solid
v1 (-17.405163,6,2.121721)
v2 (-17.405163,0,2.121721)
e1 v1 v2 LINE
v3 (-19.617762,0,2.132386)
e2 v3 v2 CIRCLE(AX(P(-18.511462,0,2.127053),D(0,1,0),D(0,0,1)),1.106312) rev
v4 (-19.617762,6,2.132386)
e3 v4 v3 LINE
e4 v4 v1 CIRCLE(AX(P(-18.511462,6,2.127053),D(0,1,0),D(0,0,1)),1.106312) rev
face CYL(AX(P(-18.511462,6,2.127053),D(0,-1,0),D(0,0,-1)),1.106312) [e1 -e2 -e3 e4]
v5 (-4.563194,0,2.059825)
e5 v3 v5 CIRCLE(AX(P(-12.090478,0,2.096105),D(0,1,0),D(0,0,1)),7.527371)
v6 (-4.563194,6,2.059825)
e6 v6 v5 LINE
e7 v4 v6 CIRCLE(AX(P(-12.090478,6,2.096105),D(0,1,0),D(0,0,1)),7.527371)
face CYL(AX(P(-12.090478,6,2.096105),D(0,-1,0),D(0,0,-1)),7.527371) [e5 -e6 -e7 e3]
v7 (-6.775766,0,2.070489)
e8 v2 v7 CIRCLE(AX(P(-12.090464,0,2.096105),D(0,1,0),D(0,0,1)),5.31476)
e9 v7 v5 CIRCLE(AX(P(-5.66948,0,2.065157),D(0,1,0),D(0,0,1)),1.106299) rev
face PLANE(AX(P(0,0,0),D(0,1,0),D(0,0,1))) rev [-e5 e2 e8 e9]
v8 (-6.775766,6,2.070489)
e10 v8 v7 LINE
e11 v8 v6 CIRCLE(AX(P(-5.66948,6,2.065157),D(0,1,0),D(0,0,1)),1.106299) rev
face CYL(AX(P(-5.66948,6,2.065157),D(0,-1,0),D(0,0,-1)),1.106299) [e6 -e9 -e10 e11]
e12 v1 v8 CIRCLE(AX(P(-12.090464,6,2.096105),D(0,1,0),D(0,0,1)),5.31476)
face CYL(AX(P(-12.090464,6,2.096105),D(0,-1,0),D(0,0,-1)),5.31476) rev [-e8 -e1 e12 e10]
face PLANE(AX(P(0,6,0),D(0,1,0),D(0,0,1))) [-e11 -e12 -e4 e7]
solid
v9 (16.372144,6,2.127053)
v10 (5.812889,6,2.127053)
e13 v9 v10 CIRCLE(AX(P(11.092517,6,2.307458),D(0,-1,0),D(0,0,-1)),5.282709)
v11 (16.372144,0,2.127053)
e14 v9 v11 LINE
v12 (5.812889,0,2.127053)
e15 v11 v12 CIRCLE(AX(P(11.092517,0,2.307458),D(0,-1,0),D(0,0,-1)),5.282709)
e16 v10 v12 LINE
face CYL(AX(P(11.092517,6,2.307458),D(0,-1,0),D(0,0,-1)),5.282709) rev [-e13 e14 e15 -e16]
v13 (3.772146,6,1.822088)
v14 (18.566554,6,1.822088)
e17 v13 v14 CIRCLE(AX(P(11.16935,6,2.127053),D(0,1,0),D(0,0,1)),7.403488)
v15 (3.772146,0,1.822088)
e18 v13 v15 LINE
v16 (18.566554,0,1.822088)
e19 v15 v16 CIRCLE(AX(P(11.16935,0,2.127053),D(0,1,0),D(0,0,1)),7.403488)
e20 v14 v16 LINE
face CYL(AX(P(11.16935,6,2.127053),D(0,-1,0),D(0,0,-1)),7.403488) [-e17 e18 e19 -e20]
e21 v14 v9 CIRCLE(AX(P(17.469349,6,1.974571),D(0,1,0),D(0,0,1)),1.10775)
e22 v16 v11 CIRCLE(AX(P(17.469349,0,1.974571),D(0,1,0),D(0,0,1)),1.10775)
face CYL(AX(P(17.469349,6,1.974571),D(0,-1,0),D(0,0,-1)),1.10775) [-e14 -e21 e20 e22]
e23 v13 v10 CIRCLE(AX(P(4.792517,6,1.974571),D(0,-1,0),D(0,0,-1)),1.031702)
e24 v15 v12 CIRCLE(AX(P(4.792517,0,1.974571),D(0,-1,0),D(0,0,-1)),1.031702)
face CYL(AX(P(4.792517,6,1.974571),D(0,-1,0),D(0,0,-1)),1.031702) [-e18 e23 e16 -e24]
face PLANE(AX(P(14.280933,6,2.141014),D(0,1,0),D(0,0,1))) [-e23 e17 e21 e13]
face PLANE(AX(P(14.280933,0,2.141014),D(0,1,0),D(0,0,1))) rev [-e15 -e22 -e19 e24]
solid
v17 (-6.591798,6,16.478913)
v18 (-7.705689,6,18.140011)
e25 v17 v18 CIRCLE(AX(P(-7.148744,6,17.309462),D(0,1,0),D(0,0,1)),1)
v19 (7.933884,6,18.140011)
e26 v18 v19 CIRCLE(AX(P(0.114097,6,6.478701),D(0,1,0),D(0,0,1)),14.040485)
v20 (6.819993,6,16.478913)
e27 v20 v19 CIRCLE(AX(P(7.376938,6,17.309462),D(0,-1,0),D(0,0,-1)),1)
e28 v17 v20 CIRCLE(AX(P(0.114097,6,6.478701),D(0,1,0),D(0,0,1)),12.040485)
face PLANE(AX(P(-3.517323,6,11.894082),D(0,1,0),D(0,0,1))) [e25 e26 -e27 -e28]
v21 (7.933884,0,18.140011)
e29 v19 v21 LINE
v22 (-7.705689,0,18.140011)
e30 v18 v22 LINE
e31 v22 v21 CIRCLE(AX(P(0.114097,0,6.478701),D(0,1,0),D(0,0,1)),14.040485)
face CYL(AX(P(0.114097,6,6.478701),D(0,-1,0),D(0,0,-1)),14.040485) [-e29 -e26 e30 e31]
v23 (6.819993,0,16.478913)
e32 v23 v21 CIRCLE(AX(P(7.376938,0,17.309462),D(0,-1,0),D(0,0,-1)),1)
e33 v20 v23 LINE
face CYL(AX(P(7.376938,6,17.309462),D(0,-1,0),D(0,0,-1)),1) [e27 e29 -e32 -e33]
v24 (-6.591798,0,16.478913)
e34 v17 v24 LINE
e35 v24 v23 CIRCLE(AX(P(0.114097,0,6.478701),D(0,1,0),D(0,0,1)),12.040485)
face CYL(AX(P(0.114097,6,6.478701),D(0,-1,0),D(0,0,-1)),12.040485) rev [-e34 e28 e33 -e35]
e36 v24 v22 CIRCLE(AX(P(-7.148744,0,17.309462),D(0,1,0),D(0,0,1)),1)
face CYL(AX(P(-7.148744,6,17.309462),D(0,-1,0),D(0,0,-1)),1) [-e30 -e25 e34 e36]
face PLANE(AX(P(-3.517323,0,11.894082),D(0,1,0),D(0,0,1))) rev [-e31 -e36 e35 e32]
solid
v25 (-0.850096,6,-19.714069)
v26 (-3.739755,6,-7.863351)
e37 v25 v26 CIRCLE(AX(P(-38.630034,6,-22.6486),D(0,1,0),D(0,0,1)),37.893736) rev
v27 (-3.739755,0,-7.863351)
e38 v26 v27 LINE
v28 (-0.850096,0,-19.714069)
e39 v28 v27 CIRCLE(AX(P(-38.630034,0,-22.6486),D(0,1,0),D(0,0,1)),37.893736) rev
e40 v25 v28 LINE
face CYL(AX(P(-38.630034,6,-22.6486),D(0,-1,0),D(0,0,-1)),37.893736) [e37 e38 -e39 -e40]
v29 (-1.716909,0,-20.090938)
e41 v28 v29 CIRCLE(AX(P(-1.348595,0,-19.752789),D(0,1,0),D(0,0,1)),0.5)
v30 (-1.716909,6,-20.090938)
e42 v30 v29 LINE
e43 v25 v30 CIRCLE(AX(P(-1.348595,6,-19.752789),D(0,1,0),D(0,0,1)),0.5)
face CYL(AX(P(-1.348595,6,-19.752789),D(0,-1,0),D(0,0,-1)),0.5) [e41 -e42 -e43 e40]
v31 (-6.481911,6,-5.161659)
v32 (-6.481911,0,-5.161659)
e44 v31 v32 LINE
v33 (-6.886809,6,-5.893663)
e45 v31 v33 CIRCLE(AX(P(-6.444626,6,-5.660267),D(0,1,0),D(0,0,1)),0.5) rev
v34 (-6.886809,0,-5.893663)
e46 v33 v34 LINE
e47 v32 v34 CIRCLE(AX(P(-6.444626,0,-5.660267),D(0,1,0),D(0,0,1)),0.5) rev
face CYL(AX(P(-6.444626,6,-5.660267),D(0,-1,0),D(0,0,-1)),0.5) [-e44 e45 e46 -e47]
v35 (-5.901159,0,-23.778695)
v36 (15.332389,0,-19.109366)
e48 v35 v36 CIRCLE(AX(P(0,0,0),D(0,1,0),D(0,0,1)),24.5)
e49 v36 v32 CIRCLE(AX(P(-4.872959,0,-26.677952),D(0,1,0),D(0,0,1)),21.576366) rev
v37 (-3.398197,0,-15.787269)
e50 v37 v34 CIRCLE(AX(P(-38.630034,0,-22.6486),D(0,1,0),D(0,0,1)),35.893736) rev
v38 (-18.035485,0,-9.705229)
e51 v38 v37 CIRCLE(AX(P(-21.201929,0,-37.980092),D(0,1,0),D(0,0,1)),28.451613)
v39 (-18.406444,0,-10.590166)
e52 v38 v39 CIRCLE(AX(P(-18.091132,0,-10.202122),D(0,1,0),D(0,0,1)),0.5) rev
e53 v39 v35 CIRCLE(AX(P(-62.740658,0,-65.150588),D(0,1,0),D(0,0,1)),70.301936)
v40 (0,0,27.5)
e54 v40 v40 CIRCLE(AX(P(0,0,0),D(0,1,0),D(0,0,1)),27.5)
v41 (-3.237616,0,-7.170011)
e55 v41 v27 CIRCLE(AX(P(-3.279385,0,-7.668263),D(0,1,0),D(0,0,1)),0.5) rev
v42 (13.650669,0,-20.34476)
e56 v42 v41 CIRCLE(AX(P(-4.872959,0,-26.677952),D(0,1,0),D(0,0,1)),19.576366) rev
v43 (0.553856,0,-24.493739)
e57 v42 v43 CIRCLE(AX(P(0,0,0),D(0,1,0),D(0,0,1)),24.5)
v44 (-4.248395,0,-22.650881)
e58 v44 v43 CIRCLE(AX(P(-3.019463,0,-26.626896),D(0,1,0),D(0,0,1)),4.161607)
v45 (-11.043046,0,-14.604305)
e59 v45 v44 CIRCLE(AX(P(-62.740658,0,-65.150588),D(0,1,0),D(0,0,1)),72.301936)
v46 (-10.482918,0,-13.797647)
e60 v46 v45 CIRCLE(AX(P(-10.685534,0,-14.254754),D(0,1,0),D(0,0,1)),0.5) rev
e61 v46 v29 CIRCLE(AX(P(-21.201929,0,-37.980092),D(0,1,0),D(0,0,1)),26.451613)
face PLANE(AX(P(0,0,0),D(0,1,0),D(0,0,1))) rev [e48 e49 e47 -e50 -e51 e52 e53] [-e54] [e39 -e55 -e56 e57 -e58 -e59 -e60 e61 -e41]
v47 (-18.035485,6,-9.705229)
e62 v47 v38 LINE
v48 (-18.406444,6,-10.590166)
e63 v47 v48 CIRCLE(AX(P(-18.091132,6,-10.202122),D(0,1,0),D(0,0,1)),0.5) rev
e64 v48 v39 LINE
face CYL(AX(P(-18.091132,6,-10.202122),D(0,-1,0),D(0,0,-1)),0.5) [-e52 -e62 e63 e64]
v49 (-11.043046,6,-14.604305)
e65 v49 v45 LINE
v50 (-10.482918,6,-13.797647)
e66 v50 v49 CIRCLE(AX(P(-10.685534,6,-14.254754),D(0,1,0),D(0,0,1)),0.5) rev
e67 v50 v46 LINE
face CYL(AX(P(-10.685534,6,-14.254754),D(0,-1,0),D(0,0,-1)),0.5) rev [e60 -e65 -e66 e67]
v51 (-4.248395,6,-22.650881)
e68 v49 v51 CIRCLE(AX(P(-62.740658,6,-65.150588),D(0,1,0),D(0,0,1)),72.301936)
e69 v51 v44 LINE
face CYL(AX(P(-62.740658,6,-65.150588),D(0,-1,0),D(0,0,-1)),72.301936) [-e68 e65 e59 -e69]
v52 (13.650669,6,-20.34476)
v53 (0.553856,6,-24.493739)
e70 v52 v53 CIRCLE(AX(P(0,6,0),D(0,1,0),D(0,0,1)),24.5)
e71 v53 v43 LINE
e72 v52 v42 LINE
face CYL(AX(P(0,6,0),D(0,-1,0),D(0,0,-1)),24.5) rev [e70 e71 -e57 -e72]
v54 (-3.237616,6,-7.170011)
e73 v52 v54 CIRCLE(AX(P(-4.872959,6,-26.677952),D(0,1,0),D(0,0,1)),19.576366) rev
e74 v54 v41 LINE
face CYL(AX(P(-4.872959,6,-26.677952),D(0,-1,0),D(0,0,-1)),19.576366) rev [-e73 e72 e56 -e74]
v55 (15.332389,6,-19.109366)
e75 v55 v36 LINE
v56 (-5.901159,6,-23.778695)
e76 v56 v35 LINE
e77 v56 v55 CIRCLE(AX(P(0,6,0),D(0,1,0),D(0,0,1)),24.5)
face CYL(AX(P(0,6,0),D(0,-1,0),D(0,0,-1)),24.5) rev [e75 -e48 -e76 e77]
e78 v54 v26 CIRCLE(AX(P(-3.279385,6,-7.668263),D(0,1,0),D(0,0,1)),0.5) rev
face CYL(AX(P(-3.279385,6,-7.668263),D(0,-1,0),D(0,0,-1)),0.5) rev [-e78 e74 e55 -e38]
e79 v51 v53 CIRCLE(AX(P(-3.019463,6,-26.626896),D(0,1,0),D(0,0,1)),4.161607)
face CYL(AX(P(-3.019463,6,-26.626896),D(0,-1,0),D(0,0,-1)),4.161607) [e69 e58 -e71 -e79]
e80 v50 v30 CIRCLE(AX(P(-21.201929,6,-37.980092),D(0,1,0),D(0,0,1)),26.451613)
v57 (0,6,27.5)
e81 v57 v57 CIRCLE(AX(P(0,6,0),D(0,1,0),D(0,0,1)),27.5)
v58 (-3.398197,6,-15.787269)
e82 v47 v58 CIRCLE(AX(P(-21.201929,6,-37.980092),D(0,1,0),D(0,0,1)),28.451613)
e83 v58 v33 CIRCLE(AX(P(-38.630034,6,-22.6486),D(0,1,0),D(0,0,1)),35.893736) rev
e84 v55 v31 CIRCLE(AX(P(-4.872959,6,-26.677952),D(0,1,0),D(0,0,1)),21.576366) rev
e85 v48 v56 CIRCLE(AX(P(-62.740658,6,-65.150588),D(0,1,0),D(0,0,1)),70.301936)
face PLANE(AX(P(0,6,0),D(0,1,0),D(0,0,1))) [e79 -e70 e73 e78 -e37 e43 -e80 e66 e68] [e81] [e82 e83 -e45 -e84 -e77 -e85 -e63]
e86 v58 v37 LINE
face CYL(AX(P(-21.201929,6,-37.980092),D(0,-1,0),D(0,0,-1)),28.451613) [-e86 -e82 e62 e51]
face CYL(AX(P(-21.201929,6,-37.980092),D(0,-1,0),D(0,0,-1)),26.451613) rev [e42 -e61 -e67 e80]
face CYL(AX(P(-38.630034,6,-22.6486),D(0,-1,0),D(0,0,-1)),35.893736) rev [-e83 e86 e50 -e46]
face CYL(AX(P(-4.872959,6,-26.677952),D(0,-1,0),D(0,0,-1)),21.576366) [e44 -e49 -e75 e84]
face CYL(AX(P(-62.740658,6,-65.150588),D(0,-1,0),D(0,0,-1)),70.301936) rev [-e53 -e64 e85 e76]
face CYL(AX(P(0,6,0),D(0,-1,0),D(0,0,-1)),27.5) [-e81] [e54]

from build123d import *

# Parameters (mm, degrees)
CROQUIS1_R                = 27.5
SALIENTE_EXTRUIR3_DEPTH   = 6
SALIENTE_EXTRUIR3_2_DEPTH = 6
SALIENTE_EXTRUIR3_3_DEPTH = 6
SALIENTE_EXTRUIR3_4_DEPTH = 6


with BuildPart() as part:
    # Croquis1 → Saliente-Extruir3 (new body)
    with BuildSketch(Plane(origin=(0, 0, 0), x_dir=(1, 0, 0), z_dir=(0, 1, 0))):
        Circle(CROQUIS1_R)
        with BuildLine():
            ThreePointArc((-6.481910722, 5.161659186), (6.749911309, 8.499710515), (15.332388636, 19.109365733))
            ThreePointArc((15.332388636, 19.109365733), (-5.261908362, -23.928274497), (-5.901159339, 23.778694633))
            ThreePointArc((-5.901159339, 23.778694633), (-11.725813734, 16.778614453), (-18.406444405, 10.590165925))
            ThreePointArc((-18.406444405, 10.590165925), (-18.552255418, 10.008822773), (-18.035485402, 9.705228534))
            ThreePointArc((-18.035485402, 9.705228534), (-10.284746472, 11.706352258), (-3.398196642, 15.787269012))
            ThreePointArc((-3.398196642, 15.787269012), (-4.77910195, 10.712326415), (-6.886809038, 5.893663462))
            ThreePointArc((-6.886809038, 5.893663462), (-6.882152879, 5.418254788), (-6.481910722, 5.161659186))
        make_face(mode=Mode.SUBTRACT)
        with BuildLine():
            ThreePointArc((0.553855765, 24.493738869), (7.399029371, 23.35603486), (13.650668654, 20.344759652))
            ThreePointArc((13.650668654, 20.344759652), (7.168200526, 11.242778225), (-3.237616322, 7.170010781))
            ThreePointArc((-3.237616322, 7.170010781), (-3.684337904, 7.37498369), (-3.739754637, 7.863351432))
            ThreePointArc((-3.739754637, 7.863351432), (-1.814955726, 13.671675172), (-0.850096282, 19.714068884))
            ThreePointArc((-0.850096282, 19.714068884), (-1.149234355, 20.211325601), (-1.716909146, 20.090938058))
            ThreePointArc((-1.716909146, 20.090938058), (-5.775579982, 16.492523924), (-10.482918218, 13.797647311))
            ThreePointArc((-10.482918218, 13.797647311), (-11.096230859, 13.969574186), (-11.043045611, 14.604304504))
            ThreePointArc((-11.043045611, 14.604304504), (-7.499015993, 18.503713558), (-4.248394951, 22.650881235))
            ThreePointArc((-4.248394951, 22.650881235), (-1.528467266, 22.741552063), (0.553855765, 24.493738869))
        make_face(mode=Mode.SUBTRACT)
    extrude(amount=SALIENTE_EXTRUIR3_DEPTH)


with BuildPart() as body_2:
    # Croquis1 → Saliente-Extruir3 2 (new body)
    with BuildSketch(Plane(origin=(0, 0, 0), x_dir=(1, 0, 0), z_dir=(0, 1, 0))):
        with BuildLine():
            ThreePointArc((5.812888831, -2.127053389), (4.944999806, -0.954199424), (3.772145841, -1.822088449))
            ThreePointArc((3.772145841, -1.822088449), (11.169349937, -9.530541219), (18.566554033, -1.822088449))
            ThreePointArc((18.566554033, -1.822088449), (17.316866775, -0.877366131), (16.372144456, -2.127053389))
            ThreePointArc((16.372144456, -2.127053389), (11.092516644, -7.59016676), (5.812888831, -2.127053389))
        make_face()
    extrude(amount=SALIENTE_EXTRUIR3_2_DEPTH)


with BuildPart() as body_3:
    # Croquis1 → Saliente-Extruir3 3 (new body)
    with BuildSketch(Plane(origin=(0, 0, 0), x_dir=(1, 0, 0), z_dir=(0, 1, 0))):
        with BuildLine():
            ThreePointArc((-17.4051629, -2.121721183), (-18.516794481, -1.020754013), (-19.617761652, -2.132385594))
            ThreePointArc((-19.617761652, -2.132385594), (-12.054197272, -9.623389101), (-4.563193765, -2.059824722))
            ThreePointArc((-4.563193765, -2.059824722), (-5.67481204, -0.958870731), (-6.775766031, -2.070489005))
            ThreePointArc((-6.775766031, -2.070489005), (-12.064848376, -7.410803529), (-17.4051629, -2.121721183))
        make_face()
    extrude(amount=SALIENTE_EXTRUIR3_3_DEPTH)


with BuildPart() as body_4:
    # Croquis1 → Saliente-Extruir3 4 (new body)
    with BuildSketch(Plane(origin=(0, 0, 0), x_dir=(1, 0, 0), z_dir=(0, 1, 0))):
        with BuildLine():
            ThreePointArc((-6.591798022, -16.478913263), (-7.979292605, -16.752516596), (-7.705689271, -18.140011178))
            ThreePointArc((-7.705689271, -18.140011178), (0.114097404, -20.519185991), (7.93388408, -18.140011178))
            ThreePointArc((7.93388408, -18.140011178), (8.207487413, -16.752516596), (6.819992831, -16.478913263))
            ThreePointArc((6.819992831, -16.478913263), (0.114097404, -18.519185991), (-6.591798022, -16.478913263))
        make_face()
    extrude(amount=SALIENTE_EXTRUIR3_4_DEPTH)


solid = Compound([part.part, body_2.part, body_3.part, body_4.part])
